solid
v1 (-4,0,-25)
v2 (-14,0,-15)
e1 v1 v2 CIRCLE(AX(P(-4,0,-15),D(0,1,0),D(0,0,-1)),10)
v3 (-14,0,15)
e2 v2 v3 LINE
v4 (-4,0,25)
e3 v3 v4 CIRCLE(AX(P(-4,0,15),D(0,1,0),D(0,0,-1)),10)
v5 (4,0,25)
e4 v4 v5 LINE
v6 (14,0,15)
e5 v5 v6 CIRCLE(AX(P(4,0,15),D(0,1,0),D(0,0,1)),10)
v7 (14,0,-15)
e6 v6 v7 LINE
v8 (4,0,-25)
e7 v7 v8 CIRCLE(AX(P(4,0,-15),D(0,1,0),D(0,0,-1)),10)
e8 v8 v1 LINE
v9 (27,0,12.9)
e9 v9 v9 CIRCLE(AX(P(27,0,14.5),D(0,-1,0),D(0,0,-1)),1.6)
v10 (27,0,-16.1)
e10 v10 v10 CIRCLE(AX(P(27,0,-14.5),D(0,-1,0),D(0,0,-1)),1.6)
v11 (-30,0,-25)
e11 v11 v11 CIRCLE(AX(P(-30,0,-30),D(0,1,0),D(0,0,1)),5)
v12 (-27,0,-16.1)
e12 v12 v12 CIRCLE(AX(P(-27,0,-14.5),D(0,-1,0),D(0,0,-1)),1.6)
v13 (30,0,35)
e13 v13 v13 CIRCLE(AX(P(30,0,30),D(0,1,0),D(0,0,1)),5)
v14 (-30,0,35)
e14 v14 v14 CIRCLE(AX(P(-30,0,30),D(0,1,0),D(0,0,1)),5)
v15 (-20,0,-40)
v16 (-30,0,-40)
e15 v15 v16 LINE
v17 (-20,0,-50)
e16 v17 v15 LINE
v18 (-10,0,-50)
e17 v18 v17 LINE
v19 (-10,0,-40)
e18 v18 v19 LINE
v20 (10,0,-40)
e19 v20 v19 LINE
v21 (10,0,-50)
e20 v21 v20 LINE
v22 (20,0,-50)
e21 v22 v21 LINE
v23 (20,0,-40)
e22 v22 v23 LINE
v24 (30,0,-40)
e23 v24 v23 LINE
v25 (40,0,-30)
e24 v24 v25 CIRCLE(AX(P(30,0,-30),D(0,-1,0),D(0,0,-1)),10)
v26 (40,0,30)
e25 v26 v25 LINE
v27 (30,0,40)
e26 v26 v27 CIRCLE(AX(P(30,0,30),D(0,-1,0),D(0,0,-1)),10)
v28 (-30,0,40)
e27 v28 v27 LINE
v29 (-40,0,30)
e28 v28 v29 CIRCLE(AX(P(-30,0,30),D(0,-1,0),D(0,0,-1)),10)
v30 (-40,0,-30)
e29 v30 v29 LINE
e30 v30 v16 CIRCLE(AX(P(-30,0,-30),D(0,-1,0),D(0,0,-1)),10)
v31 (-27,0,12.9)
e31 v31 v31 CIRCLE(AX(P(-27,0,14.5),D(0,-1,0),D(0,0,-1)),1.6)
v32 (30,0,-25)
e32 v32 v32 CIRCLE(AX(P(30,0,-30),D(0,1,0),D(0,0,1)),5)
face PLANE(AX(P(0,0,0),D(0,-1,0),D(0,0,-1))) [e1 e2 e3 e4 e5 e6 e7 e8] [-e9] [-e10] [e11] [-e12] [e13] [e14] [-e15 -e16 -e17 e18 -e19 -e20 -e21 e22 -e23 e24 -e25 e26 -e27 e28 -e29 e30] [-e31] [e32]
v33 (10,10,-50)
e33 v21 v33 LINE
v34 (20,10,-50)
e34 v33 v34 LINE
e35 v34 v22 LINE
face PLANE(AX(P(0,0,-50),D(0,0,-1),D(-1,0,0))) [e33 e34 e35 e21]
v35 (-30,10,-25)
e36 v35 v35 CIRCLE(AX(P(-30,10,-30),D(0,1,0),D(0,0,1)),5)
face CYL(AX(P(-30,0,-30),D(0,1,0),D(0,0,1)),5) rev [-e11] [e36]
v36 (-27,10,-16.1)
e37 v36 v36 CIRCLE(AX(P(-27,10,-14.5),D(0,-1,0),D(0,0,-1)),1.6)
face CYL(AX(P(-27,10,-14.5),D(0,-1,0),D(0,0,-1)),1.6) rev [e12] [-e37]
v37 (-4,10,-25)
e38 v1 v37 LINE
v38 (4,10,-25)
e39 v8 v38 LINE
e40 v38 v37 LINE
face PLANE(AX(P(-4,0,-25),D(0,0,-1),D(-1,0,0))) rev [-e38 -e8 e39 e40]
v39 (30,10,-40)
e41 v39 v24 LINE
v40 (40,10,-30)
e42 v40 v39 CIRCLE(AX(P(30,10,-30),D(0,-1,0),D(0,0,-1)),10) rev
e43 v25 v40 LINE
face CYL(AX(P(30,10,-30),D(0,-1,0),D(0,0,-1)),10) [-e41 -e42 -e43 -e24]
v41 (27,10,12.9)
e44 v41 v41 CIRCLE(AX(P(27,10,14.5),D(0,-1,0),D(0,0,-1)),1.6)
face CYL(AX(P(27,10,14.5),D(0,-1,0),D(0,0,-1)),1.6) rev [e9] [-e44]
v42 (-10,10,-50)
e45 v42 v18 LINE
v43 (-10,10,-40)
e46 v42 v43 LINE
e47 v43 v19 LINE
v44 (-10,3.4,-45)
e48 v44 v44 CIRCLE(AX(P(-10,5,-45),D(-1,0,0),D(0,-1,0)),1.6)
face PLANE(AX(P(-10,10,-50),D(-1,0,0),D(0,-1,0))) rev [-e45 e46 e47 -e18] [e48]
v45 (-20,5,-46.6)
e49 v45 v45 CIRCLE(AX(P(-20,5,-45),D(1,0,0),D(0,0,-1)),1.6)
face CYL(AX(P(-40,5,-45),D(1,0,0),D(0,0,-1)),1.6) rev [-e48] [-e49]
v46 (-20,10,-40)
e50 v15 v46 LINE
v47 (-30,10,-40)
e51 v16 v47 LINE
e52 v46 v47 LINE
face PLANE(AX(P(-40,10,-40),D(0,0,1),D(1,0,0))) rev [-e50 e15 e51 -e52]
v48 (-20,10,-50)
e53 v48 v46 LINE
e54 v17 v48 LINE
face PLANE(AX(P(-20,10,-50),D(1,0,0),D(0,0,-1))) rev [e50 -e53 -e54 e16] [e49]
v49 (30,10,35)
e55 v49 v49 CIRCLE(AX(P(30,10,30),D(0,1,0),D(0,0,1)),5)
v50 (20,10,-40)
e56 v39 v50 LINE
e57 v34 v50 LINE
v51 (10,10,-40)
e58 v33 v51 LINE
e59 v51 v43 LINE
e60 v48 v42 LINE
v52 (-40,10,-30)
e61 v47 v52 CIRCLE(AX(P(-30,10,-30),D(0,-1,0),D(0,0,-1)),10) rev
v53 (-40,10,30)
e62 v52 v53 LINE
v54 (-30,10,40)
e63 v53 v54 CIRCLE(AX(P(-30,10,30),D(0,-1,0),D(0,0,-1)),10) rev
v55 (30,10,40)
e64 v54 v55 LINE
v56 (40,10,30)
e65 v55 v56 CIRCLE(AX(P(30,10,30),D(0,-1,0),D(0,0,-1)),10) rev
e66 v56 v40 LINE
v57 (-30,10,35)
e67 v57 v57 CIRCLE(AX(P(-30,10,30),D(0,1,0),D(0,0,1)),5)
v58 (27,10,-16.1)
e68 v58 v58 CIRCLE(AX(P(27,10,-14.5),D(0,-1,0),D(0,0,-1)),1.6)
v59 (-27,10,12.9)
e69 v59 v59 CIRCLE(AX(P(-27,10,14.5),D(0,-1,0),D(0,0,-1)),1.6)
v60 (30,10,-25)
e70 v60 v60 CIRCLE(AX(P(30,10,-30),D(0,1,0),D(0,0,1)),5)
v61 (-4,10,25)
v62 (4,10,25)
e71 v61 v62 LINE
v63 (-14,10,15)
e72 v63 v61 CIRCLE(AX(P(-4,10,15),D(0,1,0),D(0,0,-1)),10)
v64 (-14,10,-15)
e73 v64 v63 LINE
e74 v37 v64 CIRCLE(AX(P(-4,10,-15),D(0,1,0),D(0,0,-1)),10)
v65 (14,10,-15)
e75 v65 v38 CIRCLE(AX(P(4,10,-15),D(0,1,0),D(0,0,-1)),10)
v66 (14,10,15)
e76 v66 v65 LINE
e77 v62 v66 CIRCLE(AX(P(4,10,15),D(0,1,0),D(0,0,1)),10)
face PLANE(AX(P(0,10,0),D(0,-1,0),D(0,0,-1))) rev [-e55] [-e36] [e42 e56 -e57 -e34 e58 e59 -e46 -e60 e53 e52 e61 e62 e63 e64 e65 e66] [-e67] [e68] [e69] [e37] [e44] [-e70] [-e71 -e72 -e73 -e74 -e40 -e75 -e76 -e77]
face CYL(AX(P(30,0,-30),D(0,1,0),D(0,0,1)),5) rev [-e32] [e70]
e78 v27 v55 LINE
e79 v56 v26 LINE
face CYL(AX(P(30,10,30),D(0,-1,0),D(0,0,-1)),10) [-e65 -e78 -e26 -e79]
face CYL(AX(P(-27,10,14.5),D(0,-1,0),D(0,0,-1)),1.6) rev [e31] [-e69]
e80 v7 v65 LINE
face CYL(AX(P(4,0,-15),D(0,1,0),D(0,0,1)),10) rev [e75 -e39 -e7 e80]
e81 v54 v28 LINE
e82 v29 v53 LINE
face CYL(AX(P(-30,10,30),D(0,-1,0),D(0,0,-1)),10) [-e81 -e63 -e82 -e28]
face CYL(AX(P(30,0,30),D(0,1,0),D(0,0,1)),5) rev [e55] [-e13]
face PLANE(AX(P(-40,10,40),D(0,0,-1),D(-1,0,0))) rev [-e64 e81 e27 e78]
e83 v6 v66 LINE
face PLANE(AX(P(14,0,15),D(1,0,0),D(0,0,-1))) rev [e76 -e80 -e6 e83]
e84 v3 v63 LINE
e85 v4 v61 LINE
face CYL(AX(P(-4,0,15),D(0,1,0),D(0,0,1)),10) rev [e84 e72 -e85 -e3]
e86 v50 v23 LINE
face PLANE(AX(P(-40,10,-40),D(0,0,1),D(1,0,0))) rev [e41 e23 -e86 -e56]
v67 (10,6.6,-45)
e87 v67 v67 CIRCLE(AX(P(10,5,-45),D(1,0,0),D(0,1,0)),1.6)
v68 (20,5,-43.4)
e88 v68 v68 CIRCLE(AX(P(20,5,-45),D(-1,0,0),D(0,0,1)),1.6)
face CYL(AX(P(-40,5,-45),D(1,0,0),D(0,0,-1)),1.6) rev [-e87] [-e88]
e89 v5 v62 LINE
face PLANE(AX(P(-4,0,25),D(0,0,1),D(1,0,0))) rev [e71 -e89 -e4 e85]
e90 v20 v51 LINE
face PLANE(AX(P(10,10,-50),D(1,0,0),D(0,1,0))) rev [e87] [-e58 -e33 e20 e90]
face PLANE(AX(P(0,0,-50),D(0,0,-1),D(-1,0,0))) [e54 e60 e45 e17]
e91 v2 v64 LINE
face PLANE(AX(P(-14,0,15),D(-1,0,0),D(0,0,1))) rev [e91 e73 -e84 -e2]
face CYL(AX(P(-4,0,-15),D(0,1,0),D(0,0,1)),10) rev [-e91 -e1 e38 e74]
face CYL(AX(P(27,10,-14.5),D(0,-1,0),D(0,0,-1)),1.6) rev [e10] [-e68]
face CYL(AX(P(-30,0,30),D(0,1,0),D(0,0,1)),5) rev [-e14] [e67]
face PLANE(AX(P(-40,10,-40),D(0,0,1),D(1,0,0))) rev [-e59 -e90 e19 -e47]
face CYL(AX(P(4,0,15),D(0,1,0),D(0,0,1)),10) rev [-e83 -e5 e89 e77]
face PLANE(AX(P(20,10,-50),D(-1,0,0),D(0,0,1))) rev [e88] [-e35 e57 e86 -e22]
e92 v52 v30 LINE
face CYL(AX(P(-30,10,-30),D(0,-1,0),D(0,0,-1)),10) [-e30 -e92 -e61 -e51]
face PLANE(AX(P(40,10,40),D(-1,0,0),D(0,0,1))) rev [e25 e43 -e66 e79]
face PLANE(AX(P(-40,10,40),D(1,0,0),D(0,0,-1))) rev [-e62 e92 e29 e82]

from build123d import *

# Parameters (mm, degrees)
SKETCH_1_W               = 80
SKETCH_1_H               = 80
EXTRUDE_1_DEPTH          = 10
FILLET_1_R               = 10
CUT_EXTRUDE_2_DEPTH      = 58.445626465
SKETCH_4_R               = 5
CUT_EXTRUDE_5_DEPTH      = 58.445626465
SKETCH_5_R               = 1.6
CUT_EXTRUDE_3_DEPTH      = 58.445626465
SKETCH_6_W               = 10
SKETCH_6_H               = 10
EXTRUDE_3_DEPTH          = 10
CUT_EXTRUDE_4_DEPTH      = 65.807406984
CUT_EXTRUDE_4_DEPTH_BACK = 65.807406984
SKETCH_7_R               = 1.6


with BuildPart() as part:
    # ｽｹｯﾁ1 → ﾎﾞｽ - 押し出し1 (new body)
    with BuildSketch(Plane(origin=(0, 0, 0), x_dir=(1, 0, 0), z_dir=(0, 1, 0))):
        Rectangle(SKETCH_1_W, SKETCH_1_H)
    extrude(amount=EXTRUDE_1_DEPTH)

    # ﾌｨﾚｯﾄ1
    fillet_1_edges = [part.edges().sort_by_distance(p)[0] for p in [
        (40, 5, 40),
        (-40, 5, 40),
        (-40, 5, -40),
        (40, 5, -40),
    ]]
    fillet(fillet_1_edges, radius=FILLET_1_R)

    # ｽｹｯﾁ3 → ｶｯﾄ - 押し出し2 (cut, through all)
    with BuildSketch(Plane(origin=(0, 10, 0), x_dir=(1, 0, 0), z_dir=(0, 1, 0))):
        with BuildLine():
            Line((-4, -25), (4, -25))
            ThreePointArc((4, -25), (11.071067812, -22.071067812), (14, -15))
            Line((14, -15), (14, 15))
            ThreePointArc((14, 15), (11.071067812, 22.071067812), (4, 25))
            Line((4, 25), (-4, 25))
            ThreePointArc((-4, 25), (-11.071067812, 22.071067812), (-14, 15))
            Line((-14, 15), (-14, -15))
            ThreePointArc((-14, -15), (-11.071067812, -22.071067812), (-4, -25))
        make_face()
    extrude(amount=-CUT_EXTRUDE_2_DEPTH, mode=Mode.SUBTRACT)

    # ｽｹｯﾁ4 → ｶｯﾄ - 押し出し5 (cut, through all)
    with BuildSketch(Plane(origin=(0, 10, 0), x_dir=(1, 0, 0), z_dir=(0, 1, 0))):
        with Locations(Location((-30, 30, 0), (0, 0, 270))):
            Circle(SKETCH_4_R)
        with Locations(Location((30, 30, 0), (0, 0, 270))):
            Circle(SKETCH_4_R)
        with Locations(Location((-30, -30, 0), (0, 0, 270))):
            Circle(SKETCH_4_R)
        with Locations(Location((30, -30, 0), (0, 0, 270))):
            Circle(SKETCH_4_R)
    extrude(amount=-CUT_EXTRUDE_5_DEPTH, mode=Mode.SUBTRACT)

    # ｽｹｯﾁ5 → ｶｯﾄ - 押し出し3 (cut, through all)
    with BuildSketch(Plane.XZ):
        with Locations(Location((27, 14.5, 0), (0, 0, 270))):
            Circle(SKETCH_5_R)
        with Locations(Location((-27, 14.5, 0), (0, 0, 270))):
            Circle(SKETCH_5_R)
        with Locations(Location((-27, -14.5, 0), (0, 0, 270))):
            Circle(SKETCH_5_R)
        with Locations(Location((27, -14.5, 0), (0, 0, 270))):
            Circle(SKETCH_5_R)
    extrude(amount=-CUT_EXTRUDE_3_DEPTH, mode=Mode.SUBTRACT)

    # ｽｹｯﾁ6 → ﾎﾞｽ - 押し出し3 (add)
    with BuildSketch(Plane(origin=(0, 0, -40), x_dir=(-1, 0, 0), z_dir=(0, 0, -1))):
        with Locations((-15, 5)):
            Rectangle(SKETCH_6_W, SKETCH_6_H)
        with Locations((15, 5)):
            Rectangle(SKETCH_6_W, SKETCH_6_H)
    extrude(amount=EXTRUDE_3_DEPTH)

    # ｽｹｯﾁ7 → ｶｯﾄ - 押し出し4 (cut, two sides: drawn at the far end of the back side and taken through both)
    with BuildSketch(Plane(origin=(0, 0, 0), x_dir=(0, 0, -1), z_dir=(1, 0, 0)).offset(-CUT_EXTRUDE_4_DEPTH_BACK)):
        with Locations((45, 5)):
            Circle(SKETCH_7_R)
    extrude(amount=CUT_EXTRUDE_4_DEPTH + CUT_EXTRUDE_4_DEPTH_BACK, mode=Mode.SUBTRACT)


solid = part.part
